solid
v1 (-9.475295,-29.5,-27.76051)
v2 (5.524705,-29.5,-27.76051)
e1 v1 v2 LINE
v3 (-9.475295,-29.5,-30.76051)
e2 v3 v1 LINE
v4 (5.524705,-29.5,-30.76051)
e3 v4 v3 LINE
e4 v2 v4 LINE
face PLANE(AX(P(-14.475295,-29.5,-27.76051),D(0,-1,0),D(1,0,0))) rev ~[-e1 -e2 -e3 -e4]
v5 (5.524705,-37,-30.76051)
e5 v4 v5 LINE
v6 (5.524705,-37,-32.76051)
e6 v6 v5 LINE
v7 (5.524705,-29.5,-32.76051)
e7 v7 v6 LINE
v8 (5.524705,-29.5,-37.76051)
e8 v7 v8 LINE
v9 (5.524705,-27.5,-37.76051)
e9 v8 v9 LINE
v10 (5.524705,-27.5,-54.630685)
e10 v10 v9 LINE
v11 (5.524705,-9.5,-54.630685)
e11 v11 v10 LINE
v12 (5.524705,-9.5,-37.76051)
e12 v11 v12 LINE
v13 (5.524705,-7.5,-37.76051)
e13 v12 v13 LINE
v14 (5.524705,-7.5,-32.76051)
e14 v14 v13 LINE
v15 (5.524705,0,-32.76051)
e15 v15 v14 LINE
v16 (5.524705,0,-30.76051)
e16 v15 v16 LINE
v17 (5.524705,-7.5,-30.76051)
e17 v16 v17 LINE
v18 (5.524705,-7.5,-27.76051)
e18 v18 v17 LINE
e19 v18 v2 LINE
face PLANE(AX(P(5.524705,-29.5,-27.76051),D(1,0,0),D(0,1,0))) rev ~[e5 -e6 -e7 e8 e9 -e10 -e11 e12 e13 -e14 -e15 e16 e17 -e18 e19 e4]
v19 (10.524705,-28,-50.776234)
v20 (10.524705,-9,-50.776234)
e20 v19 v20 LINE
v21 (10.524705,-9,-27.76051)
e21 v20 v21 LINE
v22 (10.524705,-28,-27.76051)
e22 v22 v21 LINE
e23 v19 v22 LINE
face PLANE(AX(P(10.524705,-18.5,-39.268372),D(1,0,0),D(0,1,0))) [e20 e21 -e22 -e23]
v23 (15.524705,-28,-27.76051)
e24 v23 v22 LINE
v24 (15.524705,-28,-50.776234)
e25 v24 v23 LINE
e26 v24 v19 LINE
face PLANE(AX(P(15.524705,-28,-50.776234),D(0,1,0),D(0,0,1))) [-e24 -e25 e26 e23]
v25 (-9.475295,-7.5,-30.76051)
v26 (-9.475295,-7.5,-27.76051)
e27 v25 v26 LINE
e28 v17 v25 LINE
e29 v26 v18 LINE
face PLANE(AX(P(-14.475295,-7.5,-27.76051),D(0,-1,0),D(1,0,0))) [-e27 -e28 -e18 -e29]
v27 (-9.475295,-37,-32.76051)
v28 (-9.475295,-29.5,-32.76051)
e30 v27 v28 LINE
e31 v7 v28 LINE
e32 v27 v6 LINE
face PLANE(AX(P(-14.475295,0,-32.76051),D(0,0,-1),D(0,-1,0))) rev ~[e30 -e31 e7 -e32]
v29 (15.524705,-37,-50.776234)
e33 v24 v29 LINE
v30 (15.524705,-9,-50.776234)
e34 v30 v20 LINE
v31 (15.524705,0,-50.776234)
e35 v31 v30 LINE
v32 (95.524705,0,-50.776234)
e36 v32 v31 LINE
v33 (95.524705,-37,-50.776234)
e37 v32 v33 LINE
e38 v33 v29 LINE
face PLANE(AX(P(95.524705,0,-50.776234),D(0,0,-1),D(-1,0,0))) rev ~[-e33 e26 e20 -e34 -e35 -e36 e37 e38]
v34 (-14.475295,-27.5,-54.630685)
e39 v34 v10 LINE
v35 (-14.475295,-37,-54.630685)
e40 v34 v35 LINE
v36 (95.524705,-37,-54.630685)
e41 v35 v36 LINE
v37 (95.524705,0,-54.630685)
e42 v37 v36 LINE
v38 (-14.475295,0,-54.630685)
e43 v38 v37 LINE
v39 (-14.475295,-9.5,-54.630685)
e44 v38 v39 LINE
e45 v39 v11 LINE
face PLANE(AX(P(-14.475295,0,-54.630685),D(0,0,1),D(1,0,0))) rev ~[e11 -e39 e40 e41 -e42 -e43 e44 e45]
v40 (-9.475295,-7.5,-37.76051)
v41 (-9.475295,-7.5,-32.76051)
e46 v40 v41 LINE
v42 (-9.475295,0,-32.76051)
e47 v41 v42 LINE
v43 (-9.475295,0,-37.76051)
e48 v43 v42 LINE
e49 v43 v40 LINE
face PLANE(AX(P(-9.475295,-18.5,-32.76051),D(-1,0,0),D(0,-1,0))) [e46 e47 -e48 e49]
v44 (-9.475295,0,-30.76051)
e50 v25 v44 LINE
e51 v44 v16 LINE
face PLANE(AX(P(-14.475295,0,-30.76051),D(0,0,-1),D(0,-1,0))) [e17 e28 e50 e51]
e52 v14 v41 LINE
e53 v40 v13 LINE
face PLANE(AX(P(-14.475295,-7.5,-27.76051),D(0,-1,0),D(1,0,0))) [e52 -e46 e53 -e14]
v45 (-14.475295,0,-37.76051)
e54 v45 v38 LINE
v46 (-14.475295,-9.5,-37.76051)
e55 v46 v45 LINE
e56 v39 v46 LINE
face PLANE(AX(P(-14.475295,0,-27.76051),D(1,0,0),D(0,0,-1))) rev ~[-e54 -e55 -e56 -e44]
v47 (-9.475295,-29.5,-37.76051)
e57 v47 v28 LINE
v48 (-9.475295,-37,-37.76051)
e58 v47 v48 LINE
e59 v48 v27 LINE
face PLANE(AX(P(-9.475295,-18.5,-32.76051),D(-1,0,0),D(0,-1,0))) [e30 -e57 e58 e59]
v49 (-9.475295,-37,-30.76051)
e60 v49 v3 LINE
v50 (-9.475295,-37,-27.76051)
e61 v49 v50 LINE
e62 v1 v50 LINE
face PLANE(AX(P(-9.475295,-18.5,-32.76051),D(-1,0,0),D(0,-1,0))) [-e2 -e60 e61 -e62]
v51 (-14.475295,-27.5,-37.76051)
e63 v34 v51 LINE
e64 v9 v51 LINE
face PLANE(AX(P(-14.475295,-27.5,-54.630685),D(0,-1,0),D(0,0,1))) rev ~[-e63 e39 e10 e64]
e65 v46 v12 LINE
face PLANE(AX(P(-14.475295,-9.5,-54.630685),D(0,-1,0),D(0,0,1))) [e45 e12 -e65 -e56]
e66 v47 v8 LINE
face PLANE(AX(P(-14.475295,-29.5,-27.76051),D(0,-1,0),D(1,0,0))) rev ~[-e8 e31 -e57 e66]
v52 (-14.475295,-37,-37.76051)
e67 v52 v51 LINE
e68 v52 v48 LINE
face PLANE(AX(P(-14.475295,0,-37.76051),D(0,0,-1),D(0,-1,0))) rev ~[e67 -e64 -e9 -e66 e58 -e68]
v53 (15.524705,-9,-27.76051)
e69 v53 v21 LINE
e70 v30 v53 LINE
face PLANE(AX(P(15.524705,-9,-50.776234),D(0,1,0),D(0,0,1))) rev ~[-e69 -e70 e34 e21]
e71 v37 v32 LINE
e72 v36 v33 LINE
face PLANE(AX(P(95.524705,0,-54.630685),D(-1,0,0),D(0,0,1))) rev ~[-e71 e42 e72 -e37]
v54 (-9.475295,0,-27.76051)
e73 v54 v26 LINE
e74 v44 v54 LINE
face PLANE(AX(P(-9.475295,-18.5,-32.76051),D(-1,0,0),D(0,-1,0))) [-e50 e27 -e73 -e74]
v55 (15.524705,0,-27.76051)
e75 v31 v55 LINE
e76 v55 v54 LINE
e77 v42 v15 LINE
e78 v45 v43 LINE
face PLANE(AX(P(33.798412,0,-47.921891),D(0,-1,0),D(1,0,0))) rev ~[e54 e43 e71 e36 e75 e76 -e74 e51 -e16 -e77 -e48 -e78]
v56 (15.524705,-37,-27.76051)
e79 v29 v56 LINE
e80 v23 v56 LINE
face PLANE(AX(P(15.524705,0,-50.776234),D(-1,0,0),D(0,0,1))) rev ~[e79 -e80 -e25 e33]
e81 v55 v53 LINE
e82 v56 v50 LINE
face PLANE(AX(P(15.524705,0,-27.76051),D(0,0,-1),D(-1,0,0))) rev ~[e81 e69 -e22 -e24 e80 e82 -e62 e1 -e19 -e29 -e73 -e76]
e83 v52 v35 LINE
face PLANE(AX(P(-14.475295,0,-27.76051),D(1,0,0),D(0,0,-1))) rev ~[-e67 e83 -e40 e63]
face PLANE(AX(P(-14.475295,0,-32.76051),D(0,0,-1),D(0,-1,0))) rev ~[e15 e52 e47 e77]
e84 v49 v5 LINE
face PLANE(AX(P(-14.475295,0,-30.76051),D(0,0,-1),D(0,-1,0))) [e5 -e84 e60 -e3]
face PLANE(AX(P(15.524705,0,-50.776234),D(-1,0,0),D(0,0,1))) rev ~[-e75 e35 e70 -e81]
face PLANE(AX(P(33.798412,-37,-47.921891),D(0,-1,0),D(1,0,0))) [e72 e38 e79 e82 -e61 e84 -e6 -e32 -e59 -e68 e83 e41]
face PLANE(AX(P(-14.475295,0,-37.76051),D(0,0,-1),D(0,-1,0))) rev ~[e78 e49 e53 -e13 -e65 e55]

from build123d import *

# Parameters (mm, degrees)
F1_DEPTH  = 37
F2_W      = 19
F2_H      = 23.015723977
F3_DEPTH  = 5
F4_W      = 18
F4_H      = 26.8701749424
F5_DEPTH  = 20
F6_W      = 37
F6_H      = 2
F7_DEPTH  = 20
F8_W      = 37
F8_H      = 10
F9_DEPTH  = 5
F10_W     = 20
F10_H     = 22
F11_DEPTH = 10


with BuildPart() as f1:
    # F0 (on Front) → F1 (new body)
    with BuildSketch(Plane.XZ):
        Polygon((15.5247052472, -27.7605104941), (-14.4752947528, -27.7605104941), (-14.4752947528, -54.6306854365), (15.5247052472, -54.6306854365), (95.5247052472, -54.6306854365), (95.5247052472, -50.776234471), (15.5247052472, -50.776234471), align=None)
    extrude(amount=F1_DEPTH)

    # F2 (on face) → F3 (cut)
    with BuildSketch(Plane.YZ.offset(15.5247052472)):
        with Locations((-18.5, -39.2683724826)):
            Rectangle(F2_W, F2_H)
    extrude(amount=-F3_DEPTH, mode=Mode.SUBTRACT)

    # F4 (on face) → F5 (cut)
    with BuildSketch(Plane(origin=(-14.4752947528, 0, 0), x_dir=(0, -1, 0), z_dir=(-1, 0, 0))):
        with Locations((18.5, -41.1955979653)):
            Rectangle(F4_W, F4_H)
    extrude(amount=-F5_DEPTH, mode=Mode.SUBTRACT)

    # F6 (on face) → F7 (cut, through all)
    with BuildSketch(Plane(origin=(-14.4752947528, 0, 0), x_dir=(0, -1, 0), z_dir=(-1, 0, 0))):
        with Locations((18.5, -31.7605104941)):
            Rectangle(F6_W, F6_H)
    extrude(amount=-F7_DEPTH, mode=Mode.SUBTRACT)

    # F8 (on face) → F9 (cut)
    with BuildSketch(Plane(origin=(-14.4752947528, 0, 0), x_dir=(0, -1, 0), z_dir=(-1, 0, 0))):
        with Locations((18.5, -32.7605104941)):
            Rectangle(F8_W, F8_H)
    extrude(amount=-F9_DEPTH, mode=Mode.SUBTRACT)

    # F10 (on face) → F11 (cut, through all)
    with BuildSketch(Plane.XY.offset(-27.7605104941)):
        with Locations((-4.4752947528, -18.5)):
            Rectangle(F10_W, F10_H)
    extrude(amount=-F11_DEPTH, mode=Mode.SUBTRACT)


solid = f1.part
